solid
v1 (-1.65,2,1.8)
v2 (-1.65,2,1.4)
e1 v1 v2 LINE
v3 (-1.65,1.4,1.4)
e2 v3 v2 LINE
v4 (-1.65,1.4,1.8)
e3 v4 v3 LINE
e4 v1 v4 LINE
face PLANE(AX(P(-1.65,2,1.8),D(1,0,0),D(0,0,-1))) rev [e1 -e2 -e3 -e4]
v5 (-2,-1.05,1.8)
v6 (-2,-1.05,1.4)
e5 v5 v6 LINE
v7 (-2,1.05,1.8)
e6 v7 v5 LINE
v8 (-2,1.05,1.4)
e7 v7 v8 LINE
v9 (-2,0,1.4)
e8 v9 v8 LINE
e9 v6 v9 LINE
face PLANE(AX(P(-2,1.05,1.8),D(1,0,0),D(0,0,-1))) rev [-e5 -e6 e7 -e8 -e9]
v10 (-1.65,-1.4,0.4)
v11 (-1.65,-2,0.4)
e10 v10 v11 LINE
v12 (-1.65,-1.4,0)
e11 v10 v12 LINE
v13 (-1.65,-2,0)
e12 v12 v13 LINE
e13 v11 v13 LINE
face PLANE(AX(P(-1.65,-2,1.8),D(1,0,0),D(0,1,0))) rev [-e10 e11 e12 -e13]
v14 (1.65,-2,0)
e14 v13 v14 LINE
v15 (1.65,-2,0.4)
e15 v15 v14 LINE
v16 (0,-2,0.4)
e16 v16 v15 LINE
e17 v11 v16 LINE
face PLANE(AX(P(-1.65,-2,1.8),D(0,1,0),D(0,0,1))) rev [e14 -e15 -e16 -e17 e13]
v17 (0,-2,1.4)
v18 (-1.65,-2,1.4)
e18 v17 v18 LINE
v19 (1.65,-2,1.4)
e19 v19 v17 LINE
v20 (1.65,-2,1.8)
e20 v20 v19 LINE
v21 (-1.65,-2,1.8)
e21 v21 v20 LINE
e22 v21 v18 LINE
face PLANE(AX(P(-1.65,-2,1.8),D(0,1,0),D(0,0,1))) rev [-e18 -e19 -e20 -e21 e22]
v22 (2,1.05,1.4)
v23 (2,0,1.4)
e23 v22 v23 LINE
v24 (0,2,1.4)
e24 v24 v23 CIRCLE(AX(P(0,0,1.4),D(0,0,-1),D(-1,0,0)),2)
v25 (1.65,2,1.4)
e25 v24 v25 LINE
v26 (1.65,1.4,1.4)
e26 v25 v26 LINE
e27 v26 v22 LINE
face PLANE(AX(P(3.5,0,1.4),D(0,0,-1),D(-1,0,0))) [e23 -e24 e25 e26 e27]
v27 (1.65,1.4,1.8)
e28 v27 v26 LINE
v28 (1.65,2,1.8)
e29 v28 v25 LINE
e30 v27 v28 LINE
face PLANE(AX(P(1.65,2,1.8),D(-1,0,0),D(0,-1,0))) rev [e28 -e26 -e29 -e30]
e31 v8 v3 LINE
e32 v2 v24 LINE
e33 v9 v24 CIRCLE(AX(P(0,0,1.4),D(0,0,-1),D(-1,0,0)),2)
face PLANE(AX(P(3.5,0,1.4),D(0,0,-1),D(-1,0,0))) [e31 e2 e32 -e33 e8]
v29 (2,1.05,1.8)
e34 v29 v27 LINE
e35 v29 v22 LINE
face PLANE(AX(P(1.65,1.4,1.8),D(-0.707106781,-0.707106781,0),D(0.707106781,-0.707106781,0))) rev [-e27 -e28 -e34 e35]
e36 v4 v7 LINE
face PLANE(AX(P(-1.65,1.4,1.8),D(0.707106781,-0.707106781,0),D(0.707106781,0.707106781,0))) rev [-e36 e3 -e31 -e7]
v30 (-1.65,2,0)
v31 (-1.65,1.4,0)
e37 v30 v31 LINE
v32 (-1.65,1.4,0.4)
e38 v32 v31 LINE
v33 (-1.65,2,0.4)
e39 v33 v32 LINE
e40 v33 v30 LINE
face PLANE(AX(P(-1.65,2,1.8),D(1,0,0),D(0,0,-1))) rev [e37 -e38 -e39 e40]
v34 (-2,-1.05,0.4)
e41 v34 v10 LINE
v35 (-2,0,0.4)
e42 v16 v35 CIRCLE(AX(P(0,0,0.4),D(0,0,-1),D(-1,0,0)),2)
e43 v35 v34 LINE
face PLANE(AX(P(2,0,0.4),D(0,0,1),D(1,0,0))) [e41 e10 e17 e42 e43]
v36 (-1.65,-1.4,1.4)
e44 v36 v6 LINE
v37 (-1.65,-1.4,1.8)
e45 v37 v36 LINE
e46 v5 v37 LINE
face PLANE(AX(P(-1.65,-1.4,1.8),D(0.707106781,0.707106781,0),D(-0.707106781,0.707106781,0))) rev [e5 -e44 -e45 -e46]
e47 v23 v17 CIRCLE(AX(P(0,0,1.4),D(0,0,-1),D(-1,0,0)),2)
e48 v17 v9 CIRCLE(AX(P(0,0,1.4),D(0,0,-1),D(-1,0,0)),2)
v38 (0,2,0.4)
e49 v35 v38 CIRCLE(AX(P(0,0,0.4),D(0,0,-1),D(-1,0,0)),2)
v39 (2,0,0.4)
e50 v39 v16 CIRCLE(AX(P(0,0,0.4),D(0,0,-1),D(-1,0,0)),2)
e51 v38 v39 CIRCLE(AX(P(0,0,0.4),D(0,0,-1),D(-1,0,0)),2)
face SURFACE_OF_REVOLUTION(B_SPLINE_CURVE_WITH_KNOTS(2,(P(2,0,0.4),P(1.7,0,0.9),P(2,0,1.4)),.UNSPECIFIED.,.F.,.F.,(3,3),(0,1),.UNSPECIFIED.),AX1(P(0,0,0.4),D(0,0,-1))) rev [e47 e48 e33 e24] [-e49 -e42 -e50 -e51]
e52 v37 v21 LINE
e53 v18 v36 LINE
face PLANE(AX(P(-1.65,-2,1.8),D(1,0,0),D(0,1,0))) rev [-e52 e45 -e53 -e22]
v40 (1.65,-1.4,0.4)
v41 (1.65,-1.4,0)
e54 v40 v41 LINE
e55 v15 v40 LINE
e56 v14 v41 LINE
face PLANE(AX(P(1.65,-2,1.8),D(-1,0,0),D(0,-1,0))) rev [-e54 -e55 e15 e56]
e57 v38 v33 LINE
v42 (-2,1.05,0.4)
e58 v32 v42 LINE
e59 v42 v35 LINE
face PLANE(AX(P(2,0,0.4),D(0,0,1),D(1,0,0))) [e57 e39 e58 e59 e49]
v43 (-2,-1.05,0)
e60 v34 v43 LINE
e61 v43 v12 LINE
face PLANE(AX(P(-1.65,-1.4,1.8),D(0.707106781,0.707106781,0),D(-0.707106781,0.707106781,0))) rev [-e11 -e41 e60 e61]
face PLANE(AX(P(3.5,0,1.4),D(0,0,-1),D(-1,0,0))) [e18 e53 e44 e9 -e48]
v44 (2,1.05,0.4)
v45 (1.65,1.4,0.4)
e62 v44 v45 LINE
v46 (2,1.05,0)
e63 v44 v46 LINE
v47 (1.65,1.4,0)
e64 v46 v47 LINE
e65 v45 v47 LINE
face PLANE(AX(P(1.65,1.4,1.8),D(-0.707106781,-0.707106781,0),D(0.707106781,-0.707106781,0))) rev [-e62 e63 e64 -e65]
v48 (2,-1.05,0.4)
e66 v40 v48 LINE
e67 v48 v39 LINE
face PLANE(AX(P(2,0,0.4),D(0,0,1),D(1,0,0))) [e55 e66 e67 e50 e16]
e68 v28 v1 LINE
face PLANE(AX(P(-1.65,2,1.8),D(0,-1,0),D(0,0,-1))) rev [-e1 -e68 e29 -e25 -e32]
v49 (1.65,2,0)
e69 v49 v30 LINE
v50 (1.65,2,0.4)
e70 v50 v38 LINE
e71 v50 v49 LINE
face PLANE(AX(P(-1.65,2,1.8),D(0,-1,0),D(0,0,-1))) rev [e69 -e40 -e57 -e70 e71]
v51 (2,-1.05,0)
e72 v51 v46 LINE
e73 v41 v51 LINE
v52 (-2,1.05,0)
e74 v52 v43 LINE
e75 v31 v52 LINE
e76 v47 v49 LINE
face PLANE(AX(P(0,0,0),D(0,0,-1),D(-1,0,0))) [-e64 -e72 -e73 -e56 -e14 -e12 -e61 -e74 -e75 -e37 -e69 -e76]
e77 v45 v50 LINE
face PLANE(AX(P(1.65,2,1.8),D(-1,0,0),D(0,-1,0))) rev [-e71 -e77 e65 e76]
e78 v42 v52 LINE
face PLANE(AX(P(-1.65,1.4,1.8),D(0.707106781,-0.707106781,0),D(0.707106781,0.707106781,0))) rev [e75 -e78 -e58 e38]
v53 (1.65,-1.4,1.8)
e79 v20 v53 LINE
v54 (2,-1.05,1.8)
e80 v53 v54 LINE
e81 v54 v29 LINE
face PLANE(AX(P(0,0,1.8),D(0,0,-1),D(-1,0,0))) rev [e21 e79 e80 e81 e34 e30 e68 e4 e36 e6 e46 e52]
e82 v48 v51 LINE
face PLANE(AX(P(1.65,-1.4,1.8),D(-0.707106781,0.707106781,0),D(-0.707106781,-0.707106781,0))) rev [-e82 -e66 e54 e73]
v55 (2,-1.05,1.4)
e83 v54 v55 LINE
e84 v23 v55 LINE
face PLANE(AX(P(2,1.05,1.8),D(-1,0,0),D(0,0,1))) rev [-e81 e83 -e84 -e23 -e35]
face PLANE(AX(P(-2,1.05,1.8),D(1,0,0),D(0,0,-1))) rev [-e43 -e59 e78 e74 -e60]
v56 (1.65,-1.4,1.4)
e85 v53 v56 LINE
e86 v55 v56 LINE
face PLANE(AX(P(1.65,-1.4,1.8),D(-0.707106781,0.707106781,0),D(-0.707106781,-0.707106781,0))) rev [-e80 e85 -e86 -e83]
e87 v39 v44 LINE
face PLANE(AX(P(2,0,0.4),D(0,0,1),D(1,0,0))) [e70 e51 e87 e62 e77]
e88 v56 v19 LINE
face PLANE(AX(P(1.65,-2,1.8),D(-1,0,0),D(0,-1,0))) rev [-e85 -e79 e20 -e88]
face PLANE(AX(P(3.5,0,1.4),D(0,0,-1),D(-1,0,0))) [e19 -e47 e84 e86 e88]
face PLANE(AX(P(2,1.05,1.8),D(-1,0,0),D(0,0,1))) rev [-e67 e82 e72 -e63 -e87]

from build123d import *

# Parameters (mm, degrees)
BOSS_EXTRUDE1_DEPTH = 1.8


with BuildPart() as part:
    # Sketch1 → Boss-Extrude1 (new body)
    with BuildSketch(Plane.XY):
        Polygon((-1.65, 2), (1.65, 2), (1.65, 1.4), (2, 1.05), (2, -1.05), (1.65, -1.4), (1.65, -2), (-1.65, -2), (-1.65, -1.4), (-2, -1.05), (-2, 1.05), (-1.65, 1.4), align=None)
    extrude(amount=BOSS_EXTRUDE1_DEPTH)

    # Sketch2 → Cut-Revolve1 (revolve, cut)
    with BuildSketch(Plane(origin=(0, 0, 0), x_dir=(1, 0, 0), z_dir=(0, 1, 0))):
        with BuildLine():
            Line((2, -0.4), (3.5, -0.4))
            Line((3.5, -0.4), (3.5, -1.4))
            Line((3.5, -1.4), (2, -1.4))
            add(Edge.make_bspline(
                [(2, -0.4), (1.7, -0.9), (2, -1.4)],
                knots=[0, 0, 0, 1, 1, 1], degree=2))
        make_face()
    revolve(axis=Axis((0, 0, 0.4), (0, 0, 1)), mode=Mode.SUBTRACT)


solid = part.part
